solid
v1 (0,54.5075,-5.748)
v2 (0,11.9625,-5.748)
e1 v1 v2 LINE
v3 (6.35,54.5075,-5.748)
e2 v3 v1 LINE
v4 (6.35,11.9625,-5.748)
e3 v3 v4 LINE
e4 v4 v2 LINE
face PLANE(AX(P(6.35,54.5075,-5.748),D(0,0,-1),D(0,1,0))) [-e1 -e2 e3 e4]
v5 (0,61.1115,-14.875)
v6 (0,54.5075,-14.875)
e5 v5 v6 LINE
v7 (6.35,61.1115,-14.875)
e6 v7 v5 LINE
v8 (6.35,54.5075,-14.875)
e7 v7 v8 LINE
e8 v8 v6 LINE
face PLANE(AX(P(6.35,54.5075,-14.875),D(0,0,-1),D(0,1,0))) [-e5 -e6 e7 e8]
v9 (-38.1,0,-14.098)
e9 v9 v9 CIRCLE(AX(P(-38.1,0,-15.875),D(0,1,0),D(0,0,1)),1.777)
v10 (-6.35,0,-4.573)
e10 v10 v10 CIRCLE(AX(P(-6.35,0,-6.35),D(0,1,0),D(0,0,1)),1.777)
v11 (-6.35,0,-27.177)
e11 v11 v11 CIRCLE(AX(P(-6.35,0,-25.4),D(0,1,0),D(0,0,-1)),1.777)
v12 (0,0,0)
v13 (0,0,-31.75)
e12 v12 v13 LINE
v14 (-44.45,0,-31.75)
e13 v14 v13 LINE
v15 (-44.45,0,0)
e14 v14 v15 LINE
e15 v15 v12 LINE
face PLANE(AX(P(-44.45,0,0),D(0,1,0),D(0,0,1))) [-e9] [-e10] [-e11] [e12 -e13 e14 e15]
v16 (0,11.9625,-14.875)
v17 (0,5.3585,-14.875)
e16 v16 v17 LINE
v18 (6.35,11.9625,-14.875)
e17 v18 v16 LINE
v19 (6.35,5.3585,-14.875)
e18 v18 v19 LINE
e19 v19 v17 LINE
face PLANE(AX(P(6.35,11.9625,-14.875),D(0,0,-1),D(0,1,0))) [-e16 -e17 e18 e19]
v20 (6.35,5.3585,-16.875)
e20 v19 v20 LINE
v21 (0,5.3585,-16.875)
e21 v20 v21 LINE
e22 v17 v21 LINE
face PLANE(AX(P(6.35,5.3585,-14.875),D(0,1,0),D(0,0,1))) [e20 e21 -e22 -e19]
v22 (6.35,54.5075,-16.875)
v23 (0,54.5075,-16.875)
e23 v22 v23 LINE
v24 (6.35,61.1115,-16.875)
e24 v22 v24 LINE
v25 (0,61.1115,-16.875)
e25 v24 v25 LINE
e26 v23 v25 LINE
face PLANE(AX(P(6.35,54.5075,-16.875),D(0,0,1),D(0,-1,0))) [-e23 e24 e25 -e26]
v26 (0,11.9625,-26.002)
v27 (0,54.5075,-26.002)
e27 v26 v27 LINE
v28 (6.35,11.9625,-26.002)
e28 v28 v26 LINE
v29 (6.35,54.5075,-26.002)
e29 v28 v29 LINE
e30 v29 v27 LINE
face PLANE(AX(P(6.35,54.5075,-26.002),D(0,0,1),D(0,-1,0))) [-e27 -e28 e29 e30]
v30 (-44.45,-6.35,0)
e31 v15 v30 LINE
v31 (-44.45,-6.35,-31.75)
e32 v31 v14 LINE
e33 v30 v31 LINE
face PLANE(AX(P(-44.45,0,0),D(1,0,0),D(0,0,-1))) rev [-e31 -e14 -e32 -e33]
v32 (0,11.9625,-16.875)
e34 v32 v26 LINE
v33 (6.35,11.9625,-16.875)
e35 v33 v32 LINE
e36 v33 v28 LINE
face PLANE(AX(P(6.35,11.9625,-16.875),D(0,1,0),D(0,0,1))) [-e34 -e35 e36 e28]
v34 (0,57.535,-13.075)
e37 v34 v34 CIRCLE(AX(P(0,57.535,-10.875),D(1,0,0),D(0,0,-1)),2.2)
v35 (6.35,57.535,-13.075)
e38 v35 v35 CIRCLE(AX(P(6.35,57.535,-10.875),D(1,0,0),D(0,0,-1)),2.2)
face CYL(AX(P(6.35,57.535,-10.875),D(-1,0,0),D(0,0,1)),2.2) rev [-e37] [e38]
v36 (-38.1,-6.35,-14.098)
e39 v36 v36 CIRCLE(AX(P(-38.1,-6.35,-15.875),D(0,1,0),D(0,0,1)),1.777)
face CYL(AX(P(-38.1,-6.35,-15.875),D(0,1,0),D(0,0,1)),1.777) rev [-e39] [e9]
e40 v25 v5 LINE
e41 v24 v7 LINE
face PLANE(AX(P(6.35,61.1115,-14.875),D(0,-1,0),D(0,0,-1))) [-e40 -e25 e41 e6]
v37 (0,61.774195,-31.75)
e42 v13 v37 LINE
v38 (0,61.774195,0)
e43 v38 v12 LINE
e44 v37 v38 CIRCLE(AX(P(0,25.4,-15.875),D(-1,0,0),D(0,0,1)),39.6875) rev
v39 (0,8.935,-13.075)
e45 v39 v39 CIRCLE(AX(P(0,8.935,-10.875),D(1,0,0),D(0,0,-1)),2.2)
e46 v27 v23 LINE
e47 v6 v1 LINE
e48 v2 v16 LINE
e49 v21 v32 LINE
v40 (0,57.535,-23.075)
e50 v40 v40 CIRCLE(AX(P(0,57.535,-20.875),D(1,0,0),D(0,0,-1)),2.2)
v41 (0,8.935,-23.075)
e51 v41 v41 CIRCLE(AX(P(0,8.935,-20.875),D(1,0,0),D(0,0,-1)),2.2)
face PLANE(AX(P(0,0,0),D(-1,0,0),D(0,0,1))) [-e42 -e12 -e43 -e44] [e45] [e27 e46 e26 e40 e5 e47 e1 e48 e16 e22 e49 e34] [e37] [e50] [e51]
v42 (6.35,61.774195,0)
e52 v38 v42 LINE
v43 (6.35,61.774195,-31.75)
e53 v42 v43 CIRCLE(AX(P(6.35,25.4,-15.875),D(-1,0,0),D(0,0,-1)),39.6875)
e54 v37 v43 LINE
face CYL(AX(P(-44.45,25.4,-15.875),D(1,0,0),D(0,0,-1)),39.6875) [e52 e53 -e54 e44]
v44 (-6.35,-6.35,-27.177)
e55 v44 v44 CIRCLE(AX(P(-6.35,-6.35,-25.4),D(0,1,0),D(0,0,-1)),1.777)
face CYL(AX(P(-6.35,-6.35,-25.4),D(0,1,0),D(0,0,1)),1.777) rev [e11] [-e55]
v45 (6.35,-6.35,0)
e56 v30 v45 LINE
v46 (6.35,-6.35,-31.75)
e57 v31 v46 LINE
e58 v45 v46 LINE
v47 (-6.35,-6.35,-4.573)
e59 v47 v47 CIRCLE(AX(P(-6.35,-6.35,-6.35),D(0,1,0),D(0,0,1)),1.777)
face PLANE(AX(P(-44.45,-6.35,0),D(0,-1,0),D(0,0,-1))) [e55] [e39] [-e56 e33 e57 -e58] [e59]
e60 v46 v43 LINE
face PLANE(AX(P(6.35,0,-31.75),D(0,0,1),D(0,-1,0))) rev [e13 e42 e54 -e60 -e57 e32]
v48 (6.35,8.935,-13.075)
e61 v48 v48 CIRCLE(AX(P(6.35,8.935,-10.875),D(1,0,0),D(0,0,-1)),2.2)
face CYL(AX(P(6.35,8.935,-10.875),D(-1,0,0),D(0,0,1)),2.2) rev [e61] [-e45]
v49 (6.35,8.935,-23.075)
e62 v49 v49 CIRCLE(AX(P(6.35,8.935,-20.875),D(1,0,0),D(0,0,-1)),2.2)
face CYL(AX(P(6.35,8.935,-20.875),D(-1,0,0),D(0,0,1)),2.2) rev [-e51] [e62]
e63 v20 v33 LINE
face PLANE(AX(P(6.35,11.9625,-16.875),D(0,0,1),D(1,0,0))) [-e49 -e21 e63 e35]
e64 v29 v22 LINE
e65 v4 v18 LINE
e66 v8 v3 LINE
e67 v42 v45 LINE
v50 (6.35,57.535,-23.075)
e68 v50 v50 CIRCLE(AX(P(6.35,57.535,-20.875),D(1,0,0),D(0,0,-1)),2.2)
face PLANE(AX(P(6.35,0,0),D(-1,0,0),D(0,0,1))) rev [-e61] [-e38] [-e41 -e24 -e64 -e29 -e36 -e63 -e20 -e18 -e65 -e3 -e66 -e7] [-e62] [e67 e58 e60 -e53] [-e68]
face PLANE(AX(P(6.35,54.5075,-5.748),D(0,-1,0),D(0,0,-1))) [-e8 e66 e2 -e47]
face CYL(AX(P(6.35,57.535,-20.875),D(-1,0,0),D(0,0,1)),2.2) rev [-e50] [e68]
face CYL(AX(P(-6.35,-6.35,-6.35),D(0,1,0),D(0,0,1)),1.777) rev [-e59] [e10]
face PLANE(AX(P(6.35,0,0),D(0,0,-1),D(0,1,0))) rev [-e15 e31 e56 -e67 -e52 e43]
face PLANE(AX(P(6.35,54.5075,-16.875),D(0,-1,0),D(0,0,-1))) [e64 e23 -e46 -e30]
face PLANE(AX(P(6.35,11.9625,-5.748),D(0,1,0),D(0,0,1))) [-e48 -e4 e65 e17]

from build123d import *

# Parameters (mm, degrees)
SKETCH3_W           = 31.75
SKETCH3_H           = 67.207500078
SKETCH3_R           = 2.200000045
BOSS_EXTRUDE1_DEPTH = 6.35
SKETCH5_W           = 31.75
SKETCH5_H           = 6.35
BOSS_EXTRUDE2_DEPTH = 50.8
SKETCH6_R           = 1.777000002
CUT_EXTRUDE1_DEPTH  = 7.35
CUT_EXTRUDE2_DEPTH  = 51.8


with BuildPart() as part:
    # Sketch3 → Boss-Extrude1 (new body)
    with BuildSketch(Plane(origin=(0, 0, 0), x_dir=(0, 0, -1), z_dir=(1, 0, 0))):
        with Locations((15.875, 33.603750039)):
            Rectangle(SKETCH3_W, SKETCH3_H)
        with Locations((10.874999967, 8.935000037)):
            Circle(SKETCH3_R, mode=Mode.SUBTRACT)
        with Locations((20.875000033, 8.935000037)):
            Circle(SKETCH3_R, mode=Mode.SUBTRACT)
        with Locations((10.874999967, 57.535000119)):
            Circle(SKETCH3_R, mode=Mode.SUBTRACT)
        with Locations((20.875000033, 57.535000119)):
            Circle(SKETCH3_R, mode=Mode.SUBTRACT)
        Polygon((5.748000061, 54.507500078), (14.875, 54.507500078), (14.875, 61.111500078), (16.875, 61.111500078), (16.875, 54.507500078), (26.001999939, 54.507500078), (26.001999939, 11.962500078), (16.875, 11.962500078), (16.875, 5.358500078), (14.875, 5.358500078), (14.875, 11.962500078), (5.748000061, 11.962500078), align=None, mode=Mode.SUBTRACT)
    extrude(amount=BOSS_EXTRUDE1_DEPTH)

    # Sketch5 → Boss-Extrude2 (add)
    with BuildSketch(Plane(origin=(6.35, 0, 0), x_dir=(0, 0, -1), z_dir=(1, 0, 0))):
        with Locations((15.875, -3.175)):
            Rectangle(SKETCH5_W, SKETCH5_H)
    extrude(amount=-BOSS_EXTRUDE2_DEPTH)

    # Sketch6 → Cut-Extrude1 (cut, through all)
    with BuildSketch(Plane(origin=(0, 0, 0), x_dir=(1, 0, 0), z_dir=(0, 1, 0))):
        with Locations((-6.35, 6.35)):
            Circle(SKETCH6_R)
        with Locations((-38.1, 15.875)):
            Circle(SKETCH6_R)
        with Locations((-6.35, 25.4)):
            Circle(SKETCH6_R)
    extrude(amount=-CUT_EXTRUDE1_DEPTH, mode=Mode.SUBTRACT)

    # Sketch7 → Cut-Extrude2 (cut, through all)
    with BuildSketch(Plane(origin=(6.35, 0, 0), x_dir=(0, 0, -1), z_dir=(1, 0, 0))):
        with BuildLine():
            Line((0, 61.774194579), (0, 82.748877538))
            Line((0, 82.748877538), (31.75, 82.748877538))
            Line((31.75, 82.748877538), (31.75, 61.774194579))
            ThreePointArc((31.75, 61.774194579), (15.875, 65.0875), (0, 61.774194579))
        make_face()
    extrude(amount=-CUT_EXTRUDE2_DEPTH, mode=Mode.SUBTRACT)


solid = part.part
